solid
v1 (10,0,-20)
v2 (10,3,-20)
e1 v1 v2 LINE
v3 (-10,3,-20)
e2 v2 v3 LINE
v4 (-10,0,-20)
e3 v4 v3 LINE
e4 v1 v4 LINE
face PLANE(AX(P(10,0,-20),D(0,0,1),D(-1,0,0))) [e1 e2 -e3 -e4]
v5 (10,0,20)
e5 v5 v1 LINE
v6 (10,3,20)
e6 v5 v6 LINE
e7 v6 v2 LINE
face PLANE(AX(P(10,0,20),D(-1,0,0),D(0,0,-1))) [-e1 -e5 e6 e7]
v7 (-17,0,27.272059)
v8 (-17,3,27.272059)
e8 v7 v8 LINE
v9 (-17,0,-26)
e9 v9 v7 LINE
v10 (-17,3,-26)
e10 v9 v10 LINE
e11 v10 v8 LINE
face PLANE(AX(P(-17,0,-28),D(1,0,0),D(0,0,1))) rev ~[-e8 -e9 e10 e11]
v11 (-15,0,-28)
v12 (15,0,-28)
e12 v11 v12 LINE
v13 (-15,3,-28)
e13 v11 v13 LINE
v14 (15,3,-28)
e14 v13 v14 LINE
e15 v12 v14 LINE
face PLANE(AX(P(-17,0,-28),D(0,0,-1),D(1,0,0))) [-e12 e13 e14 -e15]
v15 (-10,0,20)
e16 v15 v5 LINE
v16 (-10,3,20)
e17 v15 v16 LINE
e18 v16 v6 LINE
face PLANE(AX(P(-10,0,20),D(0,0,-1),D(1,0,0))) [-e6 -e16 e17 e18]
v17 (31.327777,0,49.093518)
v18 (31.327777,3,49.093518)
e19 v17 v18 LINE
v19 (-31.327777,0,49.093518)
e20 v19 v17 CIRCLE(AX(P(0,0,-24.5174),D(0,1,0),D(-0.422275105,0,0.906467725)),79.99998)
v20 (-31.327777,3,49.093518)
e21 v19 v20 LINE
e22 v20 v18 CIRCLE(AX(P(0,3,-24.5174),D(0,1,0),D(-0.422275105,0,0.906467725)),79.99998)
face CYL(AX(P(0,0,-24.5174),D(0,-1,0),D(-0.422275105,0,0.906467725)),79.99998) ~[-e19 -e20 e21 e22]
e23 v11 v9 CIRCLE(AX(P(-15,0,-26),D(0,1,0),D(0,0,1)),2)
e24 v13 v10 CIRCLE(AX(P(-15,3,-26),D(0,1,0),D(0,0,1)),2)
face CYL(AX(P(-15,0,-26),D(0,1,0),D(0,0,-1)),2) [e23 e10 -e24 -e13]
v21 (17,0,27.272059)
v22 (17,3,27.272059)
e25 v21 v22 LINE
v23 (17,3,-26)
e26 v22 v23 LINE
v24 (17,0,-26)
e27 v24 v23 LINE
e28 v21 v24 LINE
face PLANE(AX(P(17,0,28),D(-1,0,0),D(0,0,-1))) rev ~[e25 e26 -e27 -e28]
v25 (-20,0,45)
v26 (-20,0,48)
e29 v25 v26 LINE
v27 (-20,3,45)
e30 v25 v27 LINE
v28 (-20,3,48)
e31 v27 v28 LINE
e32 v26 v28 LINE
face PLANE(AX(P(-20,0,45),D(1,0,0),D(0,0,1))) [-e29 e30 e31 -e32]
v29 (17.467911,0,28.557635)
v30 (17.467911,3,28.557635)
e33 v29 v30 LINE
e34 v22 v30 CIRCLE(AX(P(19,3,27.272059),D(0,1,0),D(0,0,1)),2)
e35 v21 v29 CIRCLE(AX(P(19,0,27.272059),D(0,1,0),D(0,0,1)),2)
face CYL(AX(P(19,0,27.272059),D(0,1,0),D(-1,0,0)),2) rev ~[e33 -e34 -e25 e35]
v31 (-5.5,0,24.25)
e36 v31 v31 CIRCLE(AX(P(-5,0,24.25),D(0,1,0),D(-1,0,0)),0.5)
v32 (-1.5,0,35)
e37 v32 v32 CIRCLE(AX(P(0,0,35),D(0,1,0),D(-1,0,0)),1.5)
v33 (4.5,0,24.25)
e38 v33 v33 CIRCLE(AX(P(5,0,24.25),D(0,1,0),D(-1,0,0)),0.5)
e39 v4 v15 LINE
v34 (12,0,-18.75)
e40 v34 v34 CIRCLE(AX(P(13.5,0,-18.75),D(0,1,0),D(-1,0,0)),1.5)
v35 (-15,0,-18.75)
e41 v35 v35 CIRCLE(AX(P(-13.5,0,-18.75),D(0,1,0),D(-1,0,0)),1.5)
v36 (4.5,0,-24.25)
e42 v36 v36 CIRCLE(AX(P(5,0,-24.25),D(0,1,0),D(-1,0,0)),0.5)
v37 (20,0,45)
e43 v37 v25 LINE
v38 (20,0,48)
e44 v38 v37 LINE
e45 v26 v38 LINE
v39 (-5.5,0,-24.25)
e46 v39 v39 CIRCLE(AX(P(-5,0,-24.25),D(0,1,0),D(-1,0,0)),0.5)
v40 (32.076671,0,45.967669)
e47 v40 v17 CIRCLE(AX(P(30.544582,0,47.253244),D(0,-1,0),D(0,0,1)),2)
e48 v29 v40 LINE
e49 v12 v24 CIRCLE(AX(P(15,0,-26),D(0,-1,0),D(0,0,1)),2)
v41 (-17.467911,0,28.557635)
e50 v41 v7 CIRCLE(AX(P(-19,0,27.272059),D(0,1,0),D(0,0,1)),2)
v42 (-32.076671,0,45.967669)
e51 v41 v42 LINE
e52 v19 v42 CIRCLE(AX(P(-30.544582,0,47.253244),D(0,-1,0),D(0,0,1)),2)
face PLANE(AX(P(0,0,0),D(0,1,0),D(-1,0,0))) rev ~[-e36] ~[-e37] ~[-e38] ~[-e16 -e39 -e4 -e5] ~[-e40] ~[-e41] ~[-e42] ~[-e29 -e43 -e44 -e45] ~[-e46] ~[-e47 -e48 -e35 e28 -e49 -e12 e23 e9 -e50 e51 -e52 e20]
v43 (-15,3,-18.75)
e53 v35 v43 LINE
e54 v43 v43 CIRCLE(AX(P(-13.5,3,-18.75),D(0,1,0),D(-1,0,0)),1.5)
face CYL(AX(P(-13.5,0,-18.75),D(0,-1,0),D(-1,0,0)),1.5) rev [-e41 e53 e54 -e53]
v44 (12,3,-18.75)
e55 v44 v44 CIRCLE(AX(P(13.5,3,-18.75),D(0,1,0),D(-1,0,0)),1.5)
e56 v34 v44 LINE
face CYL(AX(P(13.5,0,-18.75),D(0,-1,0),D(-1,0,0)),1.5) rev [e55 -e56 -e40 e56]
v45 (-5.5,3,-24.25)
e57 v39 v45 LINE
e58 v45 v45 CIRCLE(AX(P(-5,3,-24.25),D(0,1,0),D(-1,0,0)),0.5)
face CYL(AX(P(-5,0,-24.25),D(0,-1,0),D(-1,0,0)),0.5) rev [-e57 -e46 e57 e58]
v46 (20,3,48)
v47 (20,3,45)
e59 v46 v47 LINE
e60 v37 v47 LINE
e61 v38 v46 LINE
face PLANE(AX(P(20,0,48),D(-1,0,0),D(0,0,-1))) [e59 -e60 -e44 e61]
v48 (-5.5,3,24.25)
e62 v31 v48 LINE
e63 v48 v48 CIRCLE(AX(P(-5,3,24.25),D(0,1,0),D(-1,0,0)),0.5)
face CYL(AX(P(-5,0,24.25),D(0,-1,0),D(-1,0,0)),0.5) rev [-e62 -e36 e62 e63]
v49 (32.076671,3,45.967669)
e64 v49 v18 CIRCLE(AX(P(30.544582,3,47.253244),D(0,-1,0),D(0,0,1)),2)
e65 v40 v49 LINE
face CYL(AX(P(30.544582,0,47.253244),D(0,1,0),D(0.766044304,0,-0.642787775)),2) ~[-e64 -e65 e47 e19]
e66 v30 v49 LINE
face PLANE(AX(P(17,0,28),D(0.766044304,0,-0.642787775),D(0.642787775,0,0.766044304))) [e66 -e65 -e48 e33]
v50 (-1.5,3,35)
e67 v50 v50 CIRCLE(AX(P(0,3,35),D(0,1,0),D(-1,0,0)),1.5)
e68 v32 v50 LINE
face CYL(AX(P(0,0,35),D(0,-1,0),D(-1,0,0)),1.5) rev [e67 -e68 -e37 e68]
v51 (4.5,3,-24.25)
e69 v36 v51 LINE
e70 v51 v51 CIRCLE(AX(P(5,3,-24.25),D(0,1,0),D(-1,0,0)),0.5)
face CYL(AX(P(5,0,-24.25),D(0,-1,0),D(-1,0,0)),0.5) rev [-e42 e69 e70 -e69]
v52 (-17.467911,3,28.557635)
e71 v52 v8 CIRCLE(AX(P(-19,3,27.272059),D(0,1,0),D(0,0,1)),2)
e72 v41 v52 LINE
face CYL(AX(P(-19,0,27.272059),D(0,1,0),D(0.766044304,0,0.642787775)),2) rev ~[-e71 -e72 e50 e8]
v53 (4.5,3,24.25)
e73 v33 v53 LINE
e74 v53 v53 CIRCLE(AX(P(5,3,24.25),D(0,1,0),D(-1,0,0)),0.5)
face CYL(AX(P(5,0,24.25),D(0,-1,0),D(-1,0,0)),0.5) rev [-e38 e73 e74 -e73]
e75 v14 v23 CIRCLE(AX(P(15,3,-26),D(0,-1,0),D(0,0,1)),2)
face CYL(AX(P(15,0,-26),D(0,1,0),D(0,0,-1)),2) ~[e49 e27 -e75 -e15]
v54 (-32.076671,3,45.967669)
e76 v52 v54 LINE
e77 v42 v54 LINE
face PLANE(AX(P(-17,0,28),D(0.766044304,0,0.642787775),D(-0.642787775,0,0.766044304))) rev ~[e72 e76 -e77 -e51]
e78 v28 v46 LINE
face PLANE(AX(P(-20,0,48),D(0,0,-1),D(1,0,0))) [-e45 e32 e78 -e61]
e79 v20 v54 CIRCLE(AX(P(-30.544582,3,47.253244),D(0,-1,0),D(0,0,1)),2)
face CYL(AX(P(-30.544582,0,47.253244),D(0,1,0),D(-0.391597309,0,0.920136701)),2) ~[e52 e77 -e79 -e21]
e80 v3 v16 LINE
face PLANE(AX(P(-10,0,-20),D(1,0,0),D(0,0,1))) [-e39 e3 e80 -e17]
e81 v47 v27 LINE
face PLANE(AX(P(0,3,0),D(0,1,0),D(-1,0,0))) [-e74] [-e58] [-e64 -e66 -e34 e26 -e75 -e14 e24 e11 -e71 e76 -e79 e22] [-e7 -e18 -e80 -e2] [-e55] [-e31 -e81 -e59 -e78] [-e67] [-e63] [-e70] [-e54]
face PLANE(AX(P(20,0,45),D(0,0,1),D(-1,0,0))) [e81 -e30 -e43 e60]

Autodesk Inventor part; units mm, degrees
ref_plane "YZ Plane" through (0, 0, 0) normal (1, 0, 0) x (0, 1, 0)
ref_plane "XZ Plane" through (0, 0, 0) normal (0, 1, 0) x (-1, 0, 0)
ref_plane "XY Plane" through (0, 0, 0) normal (0, 0, 1) x (1, 0, 0)
sketch "Sketch1" plane through (0, 0, 0) normal (0, 1, 0) x (-1, 0, 0)
  line L0 (46, 0) -> (-35, 0) construction
  line L1 (0, 54.3949) -> (0, -60) construction
  line L2 (10, 20) -> (-10, 20)
  line L3 (-10, 20) -> (-10, -20)
  line L4 (-10, -20) -> (10, -20)
  line L5 (10, -20) -> (10, 20)
  line L6 (17, -28) -> (17, 28)
  circle A0 centre (5, 24.25) radius 0.5
  circle A1 centre (-5, 24.25) radius 0.5
  line L7 (14.6784, 24.25) -> (-18, 24.25) construction
  circle A2 centre (5, -24.25) radius 0.5
  circle A3 centre (-5, -24.25) radius 0.5
  circle A4 centre (13.5, -18.75) radius 1.5
  line L8 (-17, 28) -> (-17, -28)
  line L9 (17, -28) -> (-17, -28)
  line L10 (17, 28) -> (33.782, 48)
  line L11 (17, 28) -> (43.1081, 28) construction
  line L12 (-17, 28) -> (-33.782, 48)
  arc A5 (33.782, 48) -> (-33.782, 48) centre (0, -24.5174) ccw
  line L13 (20, 48) -> (-20, 48)
  line L14 (-20, 48) -> (-20, 45)
  line L15 (-20, 45) -> (20, 45)
  line L16 (20, 45) -> (20, 48)
  circle A6 centre (0, 35) radius 1.5
  circle A7 centre (-13.5, -18.75) radius 1.5
  point P0 (0, 0)
  dimension "d0" = 40
  dimension "d1" = 20
  dimension "d2" = 7
  dimension "d6" = 20
  dimension "d7" = 10
  dimension "d11" = 1
  dimension "d12" = 1
  dimension "d13" = 5
  dimension "d14" = 5
  dimension "d15" = 4.25
  dimension "d16" = 3
  dimension "d29" = 3.5
  dimension "d34" = 8
  dimension "d35" = 50
  dimension "d36" = 20
  dimension "d37" = 56
  dimension "d38" = 80
  dimension "d39" = 40
  dimension "d41" = 3
  dimension "d42" = 25
  dimension "d43" = 9.25
  dimension "d44" = 3
  dimension "d45" = 10
extrude "Extrusion2" add sketch "Sketch1" along normal blind 3
fillet "Fillet2" radius 2 6 edges at (33.782, 1.5, 48) (-33.782, 1.5, 48) (17, 1.5, 28) (-17, 1.5, 28) (-17, 1.5, -28) (17, 1.5, -28)
properties part number "bracket_camera_top"
